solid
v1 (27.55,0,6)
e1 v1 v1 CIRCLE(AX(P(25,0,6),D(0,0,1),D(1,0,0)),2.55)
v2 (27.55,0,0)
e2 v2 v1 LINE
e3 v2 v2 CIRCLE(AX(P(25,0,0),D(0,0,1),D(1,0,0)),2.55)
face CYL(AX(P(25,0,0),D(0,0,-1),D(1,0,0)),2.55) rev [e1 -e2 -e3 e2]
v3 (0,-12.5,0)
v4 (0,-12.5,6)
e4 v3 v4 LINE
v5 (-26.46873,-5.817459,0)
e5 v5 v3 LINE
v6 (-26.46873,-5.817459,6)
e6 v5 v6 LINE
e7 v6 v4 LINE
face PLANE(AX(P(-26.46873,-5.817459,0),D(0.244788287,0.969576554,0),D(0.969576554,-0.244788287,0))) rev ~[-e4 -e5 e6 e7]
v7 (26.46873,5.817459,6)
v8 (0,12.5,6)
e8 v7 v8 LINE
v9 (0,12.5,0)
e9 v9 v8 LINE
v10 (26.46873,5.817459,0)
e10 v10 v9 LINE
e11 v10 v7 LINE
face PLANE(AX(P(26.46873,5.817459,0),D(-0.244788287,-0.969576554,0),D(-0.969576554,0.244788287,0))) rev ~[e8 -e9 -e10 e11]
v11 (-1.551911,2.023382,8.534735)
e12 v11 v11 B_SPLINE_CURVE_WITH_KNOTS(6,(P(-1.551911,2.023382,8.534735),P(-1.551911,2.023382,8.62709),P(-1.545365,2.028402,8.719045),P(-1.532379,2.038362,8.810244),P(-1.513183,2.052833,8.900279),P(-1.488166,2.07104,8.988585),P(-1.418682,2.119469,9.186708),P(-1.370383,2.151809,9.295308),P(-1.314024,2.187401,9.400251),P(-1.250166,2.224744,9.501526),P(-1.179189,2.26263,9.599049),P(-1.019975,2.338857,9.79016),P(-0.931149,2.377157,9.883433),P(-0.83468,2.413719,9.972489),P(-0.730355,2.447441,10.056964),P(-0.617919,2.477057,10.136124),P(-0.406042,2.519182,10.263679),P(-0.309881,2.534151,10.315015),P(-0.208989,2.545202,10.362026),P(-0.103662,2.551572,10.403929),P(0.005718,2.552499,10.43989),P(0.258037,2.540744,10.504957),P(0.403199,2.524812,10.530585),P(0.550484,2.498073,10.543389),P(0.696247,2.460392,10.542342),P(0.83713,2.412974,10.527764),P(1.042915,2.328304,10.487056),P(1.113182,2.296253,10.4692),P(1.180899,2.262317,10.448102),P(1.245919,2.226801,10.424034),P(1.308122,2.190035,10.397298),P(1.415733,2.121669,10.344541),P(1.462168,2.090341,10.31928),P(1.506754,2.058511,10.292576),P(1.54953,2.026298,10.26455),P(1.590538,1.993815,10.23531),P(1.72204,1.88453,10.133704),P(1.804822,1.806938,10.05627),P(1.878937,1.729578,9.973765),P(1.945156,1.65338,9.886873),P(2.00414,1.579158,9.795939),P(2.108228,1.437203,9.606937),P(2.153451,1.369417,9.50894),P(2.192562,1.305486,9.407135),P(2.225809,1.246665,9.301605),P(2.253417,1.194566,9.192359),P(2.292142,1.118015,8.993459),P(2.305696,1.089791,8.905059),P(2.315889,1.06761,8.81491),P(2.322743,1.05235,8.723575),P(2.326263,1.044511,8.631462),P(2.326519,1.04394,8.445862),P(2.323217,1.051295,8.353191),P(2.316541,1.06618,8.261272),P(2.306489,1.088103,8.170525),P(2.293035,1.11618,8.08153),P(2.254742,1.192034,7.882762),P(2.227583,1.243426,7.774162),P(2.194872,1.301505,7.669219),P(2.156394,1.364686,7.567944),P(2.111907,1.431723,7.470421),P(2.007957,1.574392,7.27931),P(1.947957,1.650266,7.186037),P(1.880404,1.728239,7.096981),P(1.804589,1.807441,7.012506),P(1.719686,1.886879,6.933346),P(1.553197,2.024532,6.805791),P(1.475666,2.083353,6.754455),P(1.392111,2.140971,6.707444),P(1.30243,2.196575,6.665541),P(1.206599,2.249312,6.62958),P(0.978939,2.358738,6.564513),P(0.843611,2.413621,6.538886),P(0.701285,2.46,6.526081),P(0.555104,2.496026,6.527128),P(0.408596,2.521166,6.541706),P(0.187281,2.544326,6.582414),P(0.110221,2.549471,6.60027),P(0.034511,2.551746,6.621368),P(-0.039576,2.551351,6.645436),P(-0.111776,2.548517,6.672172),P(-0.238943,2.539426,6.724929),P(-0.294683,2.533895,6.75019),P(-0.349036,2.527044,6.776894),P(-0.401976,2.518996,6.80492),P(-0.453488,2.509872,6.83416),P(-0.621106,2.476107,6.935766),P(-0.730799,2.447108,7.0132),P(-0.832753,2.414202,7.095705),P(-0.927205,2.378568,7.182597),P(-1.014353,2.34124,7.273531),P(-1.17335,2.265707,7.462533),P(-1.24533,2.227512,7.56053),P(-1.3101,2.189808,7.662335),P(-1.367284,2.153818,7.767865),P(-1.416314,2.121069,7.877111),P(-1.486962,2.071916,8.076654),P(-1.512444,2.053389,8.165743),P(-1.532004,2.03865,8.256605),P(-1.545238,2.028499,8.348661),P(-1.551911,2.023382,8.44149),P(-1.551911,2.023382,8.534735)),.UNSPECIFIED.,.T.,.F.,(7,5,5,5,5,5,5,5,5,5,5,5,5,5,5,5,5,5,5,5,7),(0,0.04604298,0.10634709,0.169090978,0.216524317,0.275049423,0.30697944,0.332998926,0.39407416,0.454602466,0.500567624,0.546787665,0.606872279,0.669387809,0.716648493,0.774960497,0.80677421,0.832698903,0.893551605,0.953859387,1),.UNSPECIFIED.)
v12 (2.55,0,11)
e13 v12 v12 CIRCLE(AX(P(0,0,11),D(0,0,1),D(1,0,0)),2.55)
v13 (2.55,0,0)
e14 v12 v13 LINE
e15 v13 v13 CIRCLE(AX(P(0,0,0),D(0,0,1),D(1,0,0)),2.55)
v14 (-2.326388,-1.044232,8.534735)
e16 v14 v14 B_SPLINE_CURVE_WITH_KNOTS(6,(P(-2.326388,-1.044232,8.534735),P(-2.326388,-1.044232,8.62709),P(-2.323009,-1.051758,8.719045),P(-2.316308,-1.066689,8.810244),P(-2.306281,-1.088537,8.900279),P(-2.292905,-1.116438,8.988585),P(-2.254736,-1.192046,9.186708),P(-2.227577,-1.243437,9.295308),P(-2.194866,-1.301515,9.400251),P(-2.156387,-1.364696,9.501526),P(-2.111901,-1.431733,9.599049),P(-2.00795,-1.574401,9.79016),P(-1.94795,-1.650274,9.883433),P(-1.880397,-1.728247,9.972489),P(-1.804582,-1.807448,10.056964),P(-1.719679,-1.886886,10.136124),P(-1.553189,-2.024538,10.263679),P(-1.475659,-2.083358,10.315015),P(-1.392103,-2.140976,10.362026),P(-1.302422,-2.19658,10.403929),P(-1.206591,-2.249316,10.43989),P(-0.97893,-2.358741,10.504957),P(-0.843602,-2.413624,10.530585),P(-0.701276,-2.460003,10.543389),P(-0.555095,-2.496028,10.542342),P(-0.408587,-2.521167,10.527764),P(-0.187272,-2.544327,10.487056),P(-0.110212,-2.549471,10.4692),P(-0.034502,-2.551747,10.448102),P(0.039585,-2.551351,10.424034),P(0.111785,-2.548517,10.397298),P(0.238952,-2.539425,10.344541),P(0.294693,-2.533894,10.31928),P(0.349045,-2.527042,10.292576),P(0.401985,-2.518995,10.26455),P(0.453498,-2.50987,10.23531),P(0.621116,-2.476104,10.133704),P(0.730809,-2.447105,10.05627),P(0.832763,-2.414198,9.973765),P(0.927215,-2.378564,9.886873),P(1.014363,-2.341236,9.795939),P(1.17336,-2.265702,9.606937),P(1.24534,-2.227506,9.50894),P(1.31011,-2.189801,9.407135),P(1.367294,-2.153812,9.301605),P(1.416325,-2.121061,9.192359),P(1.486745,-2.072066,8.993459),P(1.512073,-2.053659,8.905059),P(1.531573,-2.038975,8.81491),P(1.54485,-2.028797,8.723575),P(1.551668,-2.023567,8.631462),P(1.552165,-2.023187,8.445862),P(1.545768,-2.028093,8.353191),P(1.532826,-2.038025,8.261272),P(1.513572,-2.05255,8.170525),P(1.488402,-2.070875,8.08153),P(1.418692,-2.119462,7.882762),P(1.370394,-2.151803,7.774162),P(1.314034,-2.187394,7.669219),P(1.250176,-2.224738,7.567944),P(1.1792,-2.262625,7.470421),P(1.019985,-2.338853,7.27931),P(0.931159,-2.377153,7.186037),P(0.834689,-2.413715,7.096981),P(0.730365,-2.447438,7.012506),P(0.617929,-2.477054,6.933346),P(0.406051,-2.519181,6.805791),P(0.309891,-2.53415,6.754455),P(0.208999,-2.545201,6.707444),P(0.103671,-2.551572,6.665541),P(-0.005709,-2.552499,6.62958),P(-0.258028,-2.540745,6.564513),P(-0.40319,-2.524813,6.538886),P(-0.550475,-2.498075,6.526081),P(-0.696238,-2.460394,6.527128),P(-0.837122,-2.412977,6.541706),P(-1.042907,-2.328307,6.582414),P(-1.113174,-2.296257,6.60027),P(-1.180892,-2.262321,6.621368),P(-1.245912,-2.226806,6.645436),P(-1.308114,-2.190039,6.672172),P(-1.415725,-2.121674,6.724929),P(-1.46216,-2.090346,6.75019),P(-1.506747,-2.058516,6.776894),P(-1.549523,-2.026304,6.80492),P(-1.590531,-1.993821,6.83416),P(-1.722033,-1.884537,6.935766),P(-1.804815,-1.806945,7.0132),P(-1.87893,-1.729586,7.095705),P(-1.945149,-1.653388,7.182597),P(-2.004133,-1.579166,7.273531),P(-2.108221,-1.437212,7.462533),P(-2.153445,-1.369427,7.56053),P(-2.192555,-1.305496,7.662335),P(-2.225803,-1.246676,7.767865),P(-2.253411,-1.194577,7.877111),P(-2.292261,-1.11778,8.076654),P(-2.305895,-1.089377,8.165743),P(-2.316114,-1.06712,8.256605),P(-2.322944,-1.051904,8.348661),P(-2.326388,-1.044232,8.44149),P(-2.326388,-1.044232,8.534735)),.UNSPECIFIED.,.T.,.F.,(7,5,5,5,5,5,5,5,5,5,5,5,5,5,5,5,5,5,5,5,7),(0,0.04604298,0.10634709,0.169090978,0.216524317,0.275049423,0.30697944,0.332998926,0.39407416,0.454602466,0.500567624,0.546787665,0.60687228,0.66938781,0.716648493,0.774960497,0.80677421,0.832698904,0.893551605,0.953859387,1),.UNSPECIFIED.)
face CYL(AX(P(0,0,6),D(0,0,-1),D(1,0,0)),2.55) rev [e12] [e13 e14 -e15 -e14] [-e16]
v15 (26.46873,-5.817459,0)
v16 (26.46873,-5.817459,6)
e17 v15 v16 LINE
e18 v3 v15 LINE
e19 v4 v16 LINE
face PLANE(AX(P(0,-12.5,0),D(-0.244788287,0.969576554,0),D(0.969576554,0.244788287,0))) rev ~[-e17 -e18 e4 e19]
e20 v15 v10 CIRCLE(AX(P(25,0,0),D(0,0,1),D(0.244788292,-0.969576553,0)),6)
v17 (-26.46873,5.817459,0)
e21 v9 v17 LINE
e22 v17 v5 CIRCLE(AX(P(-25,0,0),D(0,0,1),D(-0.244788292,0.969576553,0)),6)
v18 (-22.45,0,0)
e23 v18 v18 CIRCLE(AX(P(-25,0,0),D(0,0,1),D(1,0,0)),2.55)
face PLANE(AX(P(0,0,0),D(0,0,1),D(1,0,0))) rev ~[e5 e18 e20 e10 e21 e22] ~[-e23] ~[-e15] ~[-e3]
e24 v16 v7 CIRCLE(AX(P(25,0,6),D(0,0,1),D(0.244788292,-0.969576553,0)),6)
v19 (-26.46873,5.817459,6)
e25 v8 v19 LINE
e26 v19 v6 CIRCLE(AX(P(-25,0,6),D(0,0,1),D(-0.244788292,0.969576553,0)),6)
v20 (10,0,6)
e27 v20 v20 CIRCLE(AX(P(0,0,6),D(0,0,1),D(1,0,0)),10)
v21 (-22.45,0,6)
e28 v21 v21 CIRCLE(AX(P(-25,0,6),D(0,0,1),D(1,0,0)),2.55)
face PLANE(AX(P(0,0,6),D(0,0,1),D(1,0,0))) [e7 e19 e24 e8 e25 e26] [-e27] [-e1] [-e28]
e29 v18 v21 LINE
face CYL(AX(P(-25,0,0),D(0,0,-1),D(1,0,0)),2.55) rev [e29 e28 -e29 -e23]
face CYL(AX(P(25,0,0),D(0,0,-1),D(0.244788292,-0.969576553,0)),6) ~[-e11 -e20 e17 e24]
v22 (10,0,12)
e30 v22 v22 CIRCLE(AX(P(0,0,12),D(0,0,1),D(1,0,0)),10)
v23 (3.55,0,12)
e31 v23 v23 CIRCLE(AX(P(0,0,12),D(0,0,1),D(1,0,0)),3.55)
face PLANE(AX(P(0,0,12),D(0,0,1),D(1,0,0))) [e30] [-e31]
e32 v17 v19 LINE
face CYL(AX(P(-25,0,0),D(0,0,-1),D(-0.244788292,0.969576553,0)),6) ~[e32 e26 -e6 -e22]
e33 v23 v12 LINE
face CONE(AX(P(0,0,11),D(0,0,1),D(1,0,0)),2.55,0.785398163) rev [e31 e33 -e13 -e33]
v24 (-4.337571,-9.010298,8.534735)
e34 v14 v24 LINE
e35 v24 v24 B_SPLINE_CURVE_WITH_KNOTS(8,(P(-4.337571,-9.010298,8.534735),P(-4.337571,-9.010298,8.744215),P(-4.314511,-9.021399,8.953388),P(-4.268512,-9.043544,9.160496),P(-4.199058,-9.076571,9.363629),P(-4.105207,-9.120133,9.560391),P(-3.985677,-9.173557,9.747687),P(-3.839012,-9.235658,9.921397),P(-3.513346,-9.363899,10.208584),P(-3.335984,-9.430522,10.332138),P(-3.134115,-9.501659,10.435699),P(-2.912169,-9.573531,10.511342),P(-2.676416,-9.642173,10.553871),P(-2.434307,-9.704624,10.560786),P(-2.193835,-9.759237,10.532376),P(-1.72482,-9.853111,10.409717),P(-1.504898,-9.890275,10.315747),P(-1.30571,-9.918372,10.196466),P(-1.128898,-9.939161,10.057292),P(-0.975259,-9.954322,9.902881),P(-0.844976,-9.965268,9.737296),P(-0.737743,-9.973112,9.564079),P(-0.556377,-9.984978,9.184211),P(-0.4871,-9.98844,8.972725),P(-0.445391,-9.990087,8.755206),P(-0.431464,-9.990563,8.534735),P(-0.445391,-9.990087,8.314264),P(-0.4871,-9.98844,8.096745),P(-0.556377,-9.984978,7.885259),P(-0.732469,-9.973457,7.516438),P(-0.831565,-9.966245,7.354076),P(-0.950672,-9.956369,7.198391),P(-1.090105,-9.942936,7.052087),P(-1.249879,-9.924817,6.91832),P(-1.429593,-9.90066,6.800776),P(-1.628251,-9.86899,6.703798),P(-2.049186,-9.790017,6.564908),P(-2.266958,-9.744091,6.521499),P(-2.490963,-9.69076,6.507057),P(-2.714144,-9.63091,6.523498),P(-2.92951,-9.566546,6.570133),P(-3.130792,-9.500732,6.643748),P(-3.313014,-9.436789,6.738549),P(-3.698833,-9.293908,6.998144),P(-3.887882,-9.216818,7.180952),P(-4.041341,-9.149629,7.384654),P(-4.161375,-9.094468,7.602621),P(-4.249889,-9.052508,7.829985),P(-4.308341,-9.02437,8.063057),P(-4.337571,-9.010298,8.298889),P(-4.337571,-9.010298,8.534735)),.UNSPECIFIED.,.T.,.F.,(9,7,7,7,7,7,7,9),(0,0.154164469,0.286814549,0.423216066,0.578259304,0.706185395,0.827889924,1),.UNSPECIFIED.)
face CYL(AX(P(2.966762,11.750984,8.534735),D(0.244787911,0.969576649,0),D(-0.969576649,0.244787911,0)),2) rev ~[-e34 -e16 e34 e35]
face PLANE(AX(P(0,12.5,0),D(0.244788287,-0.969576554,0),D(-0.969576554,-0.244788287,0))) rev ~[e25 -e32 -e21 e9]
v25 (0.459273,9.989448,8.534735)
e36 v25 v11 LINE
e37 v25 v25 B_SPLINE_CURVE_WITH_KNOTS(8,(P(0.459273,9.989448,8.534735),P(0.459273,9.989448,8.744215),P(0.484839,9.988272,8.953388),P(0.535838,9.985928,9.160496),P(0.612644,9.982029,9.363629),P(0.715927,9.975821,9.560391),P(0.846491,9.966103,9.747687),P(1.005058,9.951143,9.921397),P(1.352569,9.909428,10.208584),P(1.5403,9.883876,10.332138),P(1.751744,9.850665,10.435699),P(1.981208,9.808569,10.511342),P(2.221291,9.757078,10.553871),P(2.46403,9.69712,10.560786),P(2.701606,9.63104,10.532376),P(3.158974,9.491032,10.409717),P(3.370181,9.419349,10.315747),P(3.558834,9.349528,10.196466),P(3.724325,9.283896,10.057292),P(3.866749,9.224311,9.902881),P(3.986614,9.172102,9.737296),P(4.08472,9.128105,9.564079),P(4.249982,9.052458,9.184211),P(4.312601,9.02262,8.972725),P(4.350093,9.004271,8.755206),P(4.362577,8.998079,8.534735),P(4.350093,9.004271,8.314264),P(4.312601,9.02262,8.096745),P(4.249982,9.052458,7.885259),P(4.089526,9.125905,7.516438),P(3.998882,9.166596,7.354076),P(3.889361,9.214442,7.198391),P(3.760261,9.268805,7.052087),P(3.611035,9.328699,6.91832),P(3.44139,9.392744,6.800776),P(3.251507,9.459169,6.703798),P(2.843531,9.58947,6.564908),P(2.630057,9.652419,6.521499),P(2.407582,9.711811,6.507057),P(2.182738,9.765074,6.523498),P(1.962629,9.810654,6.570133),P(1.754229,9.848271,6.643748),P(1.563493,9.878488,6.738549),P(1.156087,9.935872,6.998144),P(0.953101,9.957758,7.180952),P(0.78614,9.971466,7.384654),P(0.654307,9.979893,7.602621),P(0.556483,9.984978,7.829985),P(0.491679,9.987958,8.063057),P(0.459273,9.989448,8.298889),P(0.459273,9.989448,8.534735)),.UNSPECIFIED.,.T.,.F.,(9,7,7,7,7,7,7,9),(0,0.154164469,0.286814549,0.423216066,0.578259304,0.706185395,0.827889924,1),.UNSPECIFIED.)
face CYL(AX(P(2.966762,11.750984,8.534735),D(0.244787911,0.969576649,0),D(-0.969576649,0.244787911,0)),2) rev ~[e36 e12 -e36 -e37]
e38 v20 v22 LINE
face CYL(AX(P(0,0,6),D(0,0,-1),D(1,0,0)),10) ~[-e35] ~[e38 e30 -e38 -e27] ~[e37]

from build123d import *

# Parameters (mm, degrees)
SKETCH_R      = 2.55
PAD_DEPTH     = 6
SKETCH001_R   = 10
SKETCH001_R_2 = 2.55
PAD001_DEPTH  = 6
CHAMFER_SIZE  = 1
SKETCH002_R   = 2
POCKET_DEPTH  = 31.828851


with BuildPart() as part:
    # Sketch → Pad (new body)
    with BuildSketch(Plane.XY):
        with BuildLine():
            ThreePointArc((26.46873, -5.817459), (31, 0), (26.46873, 5.817459))
            Line((26.46873, 5.817459), (0, 12.5))
            Line((0, 12.5), (-26.46873, 5.817459))
            ThreePointArc((-26.46873, 5.817459), (-31, 0), (-26.46873, -5.817459))
            Line((-26.46873, -5.817459), (0, -12.5))
            Line((0, -12.5), (26.46873, -5.817459))
        make_face()
        Circle(SKETCH_R, mode=Mode.SUBTRACT)
        with Locations((-25, 0)):
            Circle(SKETCH_R, mode=Mode.SUBTRACT)
        with Locations((25, 0)):
            Circle(SKETCH_R, mode=Mode.SUBTRACT)
    extrude(amount=PAD_DEPTH)

    # Sketch001 (on Face11 of Pad) → Pad001 (join)
    with BuildSketch(Plane.XY.offset(6)):
        Circle(SKETCH001_R)
        Circle(SKETCH001_R_2, mode=Mode.SUBTRACT)
    extrude(amount=PAD001_DEPTH)

    # Chamfer
    chamfer_edges = [part.edges().sort_by_distance(p)[0] for p in [
        (-2.55, 0, 12),
    ]]
    chamfer(chamfer_edges, length=CHAMFER_SIZE)

    # Sketch002 (on Face8 of Chamfer) → Pocket (cut, through all)
    with BuildSketch(Plane(origin=(2.966762, 11.750984, 0), x_dir=(-0.969577, 0.244788, 0), z_dir=(0.244788, 0.969577, 0))):
        with Locations((0, 8.534735)):
            Circle(SKETCH002_R)
    extrude(amount=-POCKET_DEPTH, mode=Mode.SUBTRACT)


solid = part.part
